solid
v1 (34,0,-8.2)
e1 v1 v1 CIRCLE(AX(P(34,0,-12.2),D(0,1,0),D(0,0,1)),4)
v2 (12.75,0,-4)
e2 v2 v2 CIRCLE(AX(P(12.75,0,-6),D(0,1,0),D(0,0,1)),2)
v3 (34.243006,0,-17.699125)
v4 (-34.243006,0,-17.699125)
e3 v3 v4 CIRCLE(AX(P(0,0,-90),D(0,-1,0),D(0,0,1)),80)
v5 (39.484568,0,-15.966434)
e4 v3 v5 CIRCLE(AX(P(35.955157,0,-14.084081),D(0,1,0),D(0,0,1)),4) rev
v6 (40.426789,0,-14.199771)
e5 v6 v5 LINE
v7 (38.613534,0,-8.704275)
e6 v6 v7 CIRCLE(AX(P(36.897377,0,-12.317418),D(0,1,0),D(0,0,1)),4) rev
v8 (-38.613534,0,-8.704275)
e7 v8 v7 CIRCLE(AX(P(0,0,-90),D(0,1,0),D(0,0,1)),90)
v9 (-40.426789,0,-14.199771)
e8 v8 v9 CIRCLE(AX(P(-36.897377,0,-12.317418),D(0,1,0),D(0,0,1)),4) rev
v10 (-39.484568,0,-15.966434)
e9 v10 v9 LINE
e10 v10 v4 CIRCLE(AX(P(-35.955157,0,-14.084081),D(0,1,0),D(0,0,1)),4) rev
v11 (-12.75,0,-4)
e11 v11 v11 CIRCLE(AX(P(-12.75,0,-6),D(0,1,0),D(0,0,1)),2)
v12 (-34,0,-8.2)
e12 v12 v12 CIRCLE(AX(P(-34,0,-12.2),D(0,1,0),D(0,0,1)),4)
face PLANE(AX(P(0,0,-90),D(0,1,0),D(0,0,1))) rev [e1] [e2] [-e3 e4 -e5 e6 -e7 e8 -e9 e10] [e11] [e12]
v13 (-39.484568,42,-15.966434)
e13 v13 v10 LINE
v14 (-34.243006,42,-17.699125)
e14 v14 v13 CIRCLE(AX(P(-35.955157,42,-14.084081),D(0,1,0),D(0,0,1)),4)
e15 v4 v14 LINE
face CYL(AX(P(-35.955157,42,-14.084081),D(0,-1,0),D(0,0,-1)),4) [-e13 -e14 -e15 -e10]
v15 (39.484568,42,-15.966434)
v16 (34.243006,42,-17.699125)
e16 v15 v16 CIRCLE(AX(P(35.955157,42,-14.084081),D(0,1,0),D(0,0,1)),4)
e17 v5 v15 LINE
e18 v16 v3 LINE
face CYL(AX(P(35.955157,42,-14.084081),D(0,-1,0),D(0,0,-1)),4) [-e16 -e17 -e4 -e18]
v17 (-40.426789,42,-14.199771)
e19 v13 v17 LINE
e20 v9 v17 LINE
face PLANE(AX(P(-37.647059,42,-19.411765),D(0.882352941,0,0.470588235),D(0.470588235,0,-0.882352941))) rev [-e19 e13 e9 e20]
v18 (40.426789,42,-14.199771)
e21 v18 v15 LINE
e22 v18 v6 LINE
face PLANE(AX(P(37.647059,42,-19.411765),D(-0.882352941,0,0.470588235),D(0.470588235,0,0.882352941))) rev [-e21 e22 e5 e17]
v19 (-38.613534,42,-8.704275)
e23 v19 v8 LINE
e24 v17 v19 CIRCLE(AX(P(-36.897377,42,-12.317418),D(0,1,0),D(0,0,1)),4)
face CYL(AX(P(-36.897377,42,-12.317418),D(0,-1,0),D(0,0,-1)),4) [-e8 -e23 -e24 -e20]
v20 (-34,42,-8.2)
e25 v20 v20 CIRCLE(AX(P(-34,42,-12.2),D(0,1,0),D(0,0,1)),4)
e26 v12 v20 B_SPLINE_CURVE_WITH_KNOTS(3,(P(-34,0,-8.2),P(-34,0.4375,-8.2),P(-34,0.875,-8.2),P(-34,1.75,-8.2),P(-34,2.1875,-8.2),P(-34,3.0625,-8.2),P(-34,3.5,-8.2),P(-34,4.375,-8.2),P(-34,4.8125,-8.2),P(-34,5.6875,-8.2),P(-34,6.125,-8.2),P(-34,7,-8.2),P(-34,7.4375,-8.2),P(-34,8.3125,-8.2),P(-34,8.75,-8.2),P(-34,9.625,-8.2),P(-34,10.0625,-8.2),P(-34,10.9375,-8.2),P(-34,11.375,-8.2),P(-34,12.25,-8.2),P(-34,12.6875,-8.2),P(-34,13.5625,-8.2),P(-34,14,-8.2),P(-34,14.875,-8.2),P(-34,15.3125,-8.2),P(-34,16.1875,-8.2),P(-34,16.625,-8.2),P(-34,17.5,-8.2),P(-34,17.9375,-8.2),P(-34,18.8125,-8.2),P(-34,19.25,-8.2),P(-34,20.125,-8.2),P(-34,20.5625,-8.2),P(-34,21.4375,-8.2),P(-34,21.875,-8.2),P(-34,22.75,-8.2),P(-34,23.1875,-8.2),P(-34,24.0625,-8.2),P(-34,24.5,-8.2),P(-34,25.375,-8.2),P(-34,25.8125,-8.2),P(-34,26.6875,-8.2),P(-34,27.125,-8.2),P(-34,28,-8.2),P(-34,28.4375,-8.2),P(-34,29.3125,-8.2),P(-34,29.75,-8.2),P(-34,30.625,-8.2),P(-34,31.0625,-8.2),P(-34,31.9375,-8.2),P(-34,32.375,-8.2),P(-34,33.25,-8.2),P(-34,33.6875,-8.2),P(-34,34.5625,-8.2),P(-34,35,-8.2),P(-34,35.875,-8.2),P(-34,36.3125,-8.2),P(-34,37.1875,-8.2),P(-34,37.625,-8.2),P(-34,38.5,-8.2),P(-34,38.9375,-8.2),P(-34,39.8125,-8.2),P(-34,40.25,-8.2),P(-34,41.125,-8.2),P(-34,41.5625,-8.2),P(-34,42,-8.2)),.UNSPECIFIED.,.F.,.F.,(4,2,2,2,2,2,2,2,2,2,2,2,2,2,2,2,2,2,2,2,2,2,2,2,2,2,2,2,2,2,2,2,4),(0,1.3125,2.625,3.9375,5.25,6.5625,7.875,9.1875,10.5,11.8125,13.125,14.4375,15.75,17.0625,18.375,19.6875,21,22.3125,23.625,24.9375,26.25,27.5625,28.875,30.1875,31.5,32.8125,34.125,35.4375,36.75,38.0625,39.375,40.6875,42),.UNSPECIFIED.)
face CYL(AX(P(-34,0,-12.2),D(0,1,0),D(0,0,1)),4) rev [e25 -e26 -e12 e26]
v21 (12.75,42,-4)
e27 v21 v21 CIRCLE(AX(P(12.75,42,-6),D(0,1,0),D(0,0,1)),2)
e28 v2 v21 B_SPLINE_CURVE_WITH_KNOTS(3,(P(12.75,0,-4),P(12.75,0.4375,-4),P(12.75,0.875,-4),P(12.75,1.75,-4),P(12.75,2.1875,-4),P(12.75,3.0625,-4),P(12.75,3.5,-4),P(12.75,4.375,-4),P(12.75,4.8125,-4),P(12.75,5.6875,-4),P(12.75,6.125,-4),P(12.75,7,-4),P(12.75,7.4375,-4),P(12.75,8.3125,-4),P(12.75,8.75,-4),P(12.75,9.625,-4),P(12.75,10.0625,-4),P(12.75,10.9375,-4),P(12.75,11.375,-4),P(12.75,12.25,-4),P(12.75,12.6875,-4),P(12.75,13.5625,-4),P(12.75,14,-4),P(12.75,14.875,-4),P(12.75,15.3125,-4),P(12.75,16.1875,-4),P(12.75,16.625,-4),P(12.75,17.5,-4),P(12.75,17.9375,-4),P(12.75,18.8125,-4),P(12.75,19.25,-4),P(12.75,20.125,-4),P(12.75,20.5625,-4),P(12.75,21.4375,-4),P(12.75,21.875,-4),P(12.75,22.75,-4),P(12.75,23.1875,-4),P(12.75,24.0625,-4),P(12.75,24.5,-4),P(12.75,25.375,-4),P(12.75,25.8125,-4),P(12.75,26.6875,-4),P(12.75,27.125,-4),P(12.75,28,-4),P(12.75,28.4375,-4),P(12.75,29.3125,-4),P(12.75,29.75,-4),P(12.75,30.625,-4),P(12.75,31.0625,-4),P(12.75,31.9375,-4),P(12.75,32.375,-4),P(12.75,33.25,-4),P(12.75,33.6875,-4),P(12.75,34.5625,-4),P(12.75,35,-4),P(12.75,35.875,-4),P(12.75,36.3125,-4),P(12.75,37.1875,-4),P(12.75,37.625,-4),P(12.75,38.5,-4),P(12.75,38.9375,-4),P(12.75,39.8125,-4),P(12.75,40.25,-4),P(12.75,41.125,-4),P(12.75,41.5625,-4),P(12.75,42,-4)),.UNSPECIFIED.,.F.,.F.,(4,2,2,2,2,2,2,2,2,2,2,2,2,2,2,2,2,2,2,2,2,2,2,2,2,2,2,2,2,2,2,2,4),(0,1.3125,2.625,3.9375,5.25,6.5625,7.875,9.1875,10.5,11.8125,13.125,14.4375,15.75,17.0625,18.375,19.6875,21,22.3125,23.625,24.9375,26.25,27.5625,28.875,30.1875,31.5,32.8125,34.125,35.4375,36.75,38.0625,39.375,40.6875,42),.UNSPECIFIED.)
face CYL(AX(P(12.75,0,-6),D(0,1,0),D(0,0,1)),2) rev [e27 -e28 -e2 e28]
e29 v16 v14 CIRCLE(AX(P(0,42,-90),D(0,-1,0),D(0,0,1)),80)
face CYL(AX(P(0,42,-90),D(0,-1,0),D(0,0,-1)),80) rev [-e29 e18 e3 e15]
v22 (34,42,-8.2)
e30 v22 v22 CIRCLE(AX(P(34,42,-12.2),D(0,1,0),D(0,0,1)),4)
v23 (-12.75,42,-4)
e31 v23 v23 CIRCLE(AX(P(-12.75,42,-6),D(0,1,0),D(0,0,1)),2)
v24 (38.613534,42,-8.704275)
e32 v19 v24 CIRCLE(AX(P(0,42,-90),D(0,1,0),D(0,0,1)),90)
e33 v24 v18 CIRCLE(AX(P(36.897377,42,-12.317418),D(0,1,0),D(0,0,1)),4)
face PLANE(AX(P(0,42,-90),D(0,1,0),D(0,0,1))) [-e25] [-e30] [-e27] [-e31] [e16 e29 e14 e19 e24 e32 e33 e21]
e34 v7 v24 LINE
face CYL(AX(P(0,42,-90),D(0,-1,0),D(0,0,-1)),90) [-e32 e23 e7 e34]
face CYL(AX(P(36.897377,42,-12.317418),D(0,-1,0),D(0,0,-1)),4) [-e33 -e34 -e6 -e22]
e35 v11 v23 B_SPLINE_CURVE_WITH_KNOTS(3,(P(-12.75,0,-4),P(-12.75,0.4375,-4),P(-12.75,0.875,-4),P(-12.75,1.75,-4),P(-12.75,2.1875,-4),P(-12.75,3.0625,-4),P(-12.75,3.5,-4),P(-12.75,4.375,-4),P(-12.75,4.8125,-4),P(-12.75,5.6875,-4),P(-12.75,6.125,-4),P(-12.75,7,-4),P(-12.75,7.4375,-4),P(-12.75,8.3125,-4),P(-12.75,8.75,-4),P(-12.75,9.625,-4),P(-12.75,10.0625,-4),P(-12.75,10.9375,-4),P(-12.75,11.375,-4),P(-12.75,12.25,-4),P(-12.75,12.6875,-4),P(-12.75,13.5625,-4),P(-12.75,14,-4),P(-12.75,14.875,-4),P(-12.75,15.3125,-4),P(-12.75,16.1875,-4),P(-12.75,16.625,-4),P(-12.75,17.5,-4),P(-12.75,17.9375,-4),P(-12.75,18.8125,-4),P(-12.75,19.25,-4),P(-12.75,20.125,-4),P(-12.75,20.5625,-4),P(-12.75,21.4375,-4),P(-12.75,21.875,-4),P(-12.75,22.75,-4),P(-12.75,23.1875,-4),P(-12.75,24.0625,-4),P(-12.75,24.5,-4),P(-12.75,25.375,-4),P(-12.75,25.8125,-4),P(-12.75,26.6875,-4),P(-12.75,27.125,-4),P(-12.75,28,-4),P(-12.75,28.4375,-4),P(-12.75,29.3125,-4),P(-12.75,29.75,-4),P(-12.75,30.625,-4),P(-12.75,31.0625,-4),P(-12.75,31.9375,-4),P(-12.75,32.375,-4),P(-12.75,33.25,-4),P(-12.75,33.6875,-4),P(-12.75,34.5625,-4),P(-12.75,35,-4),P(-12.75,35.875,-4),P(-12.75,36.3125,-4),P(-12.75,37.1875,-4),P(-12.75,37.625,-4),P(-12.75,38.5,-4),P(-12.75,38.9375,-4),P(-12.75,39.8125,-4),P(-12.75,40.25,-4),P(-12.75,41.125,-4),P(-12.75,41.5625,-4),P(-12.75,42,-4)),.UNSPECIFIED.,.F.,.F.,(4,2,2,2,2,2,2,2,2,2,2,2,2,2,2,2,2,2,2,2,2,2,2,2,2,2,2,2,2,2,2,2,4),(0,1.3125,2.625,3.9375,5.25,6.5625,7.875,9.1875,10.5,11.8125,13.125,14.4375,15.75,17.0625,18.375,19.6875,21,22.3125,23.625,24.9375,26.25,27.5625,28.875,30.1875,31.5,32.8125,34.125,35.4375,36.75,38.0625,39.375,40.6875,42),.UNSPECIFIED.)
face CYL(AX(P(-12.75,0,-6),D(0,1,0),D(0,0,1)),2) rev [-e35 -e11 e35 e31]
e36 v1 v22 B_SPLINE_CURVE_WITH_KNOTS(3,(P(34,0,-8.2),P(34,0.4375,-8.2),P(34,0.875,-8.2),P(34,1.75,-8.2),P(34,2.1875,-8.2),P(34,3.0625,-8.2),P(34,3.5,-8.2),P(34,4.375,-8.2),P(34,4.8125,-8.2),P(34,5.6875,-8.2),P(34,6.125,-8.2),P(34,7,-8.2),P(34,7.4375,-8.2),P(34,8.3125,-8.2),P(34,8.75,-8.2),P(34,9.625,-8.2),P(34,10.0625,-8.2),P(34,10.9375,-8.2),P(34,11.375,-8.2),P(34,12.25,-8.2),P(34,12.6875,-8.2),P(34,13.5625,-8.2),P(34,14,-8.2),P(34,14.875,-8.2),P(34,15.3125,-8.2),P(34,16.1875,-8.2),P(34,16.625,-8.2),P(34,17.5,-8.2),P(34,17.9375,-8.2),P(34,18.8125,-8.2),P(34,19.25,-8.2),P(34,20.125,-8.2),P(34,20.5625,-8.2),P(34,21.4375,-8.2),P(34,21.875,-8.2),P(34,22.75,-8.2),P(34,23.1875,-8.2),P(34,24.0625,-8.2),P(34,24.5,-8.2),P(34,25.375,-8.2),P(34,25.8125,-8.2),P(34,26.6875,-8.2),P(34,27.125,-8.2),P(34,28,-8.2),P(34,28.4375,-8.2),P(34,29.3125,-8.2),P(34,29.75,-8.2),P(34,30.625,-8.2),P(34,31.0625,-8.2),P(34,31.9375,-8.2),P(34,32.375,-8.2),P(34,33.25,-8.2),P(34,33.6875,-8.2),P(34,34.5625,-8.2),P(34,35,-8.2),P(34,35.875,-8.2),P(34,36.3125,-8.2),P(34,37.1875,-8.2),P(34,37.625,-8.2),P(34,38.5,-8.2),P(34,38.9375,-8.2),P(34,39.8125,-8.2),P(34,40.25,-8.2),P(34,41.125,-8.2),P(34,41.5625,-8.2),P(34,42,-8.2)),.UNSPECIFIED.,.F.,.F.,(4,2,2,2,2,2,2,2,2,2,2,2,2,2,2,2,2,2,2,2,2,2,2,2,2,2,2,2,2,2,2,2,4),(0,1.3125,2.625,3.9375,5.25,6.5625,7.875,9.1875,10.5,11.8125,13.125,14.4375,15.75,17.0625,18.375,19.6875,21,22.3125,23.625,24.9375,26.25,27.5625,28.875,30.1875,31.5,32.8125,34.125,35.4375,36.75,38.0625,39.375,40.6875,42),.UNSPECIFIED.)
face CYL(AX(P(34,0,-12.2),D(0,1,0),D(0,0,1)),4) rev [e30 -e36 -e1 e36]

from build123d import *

# Parameters (mm, degrees)
BOSS_EXTRUDE1_DEPTH = 42
FILLET1_R           = 4
SKETCH2_R           = 4
CUT_EXTRUDE1_DEPTH  = 42
SKETCH3_R           = 2
CUT_EXTRUDE2_DEPTH  = 42


with BuildPart() as part:
    # Sketch1 → Boss-Extrude1 (new body)
    with BuildSketch(Plane(origin=(0, 0, 0), x_dir=(1, 0, 0), z_dir=(0, 1, 0))):
        with BuildLine():
            Line((-37.647058824, 19.411764706), (-42.352941176, 10.588235294))
            ThreePointArc((-42.352941176, 10.588235294), (0, 0), (42.352941176, 10.588235294))
            Line((42.352941176, 10.588235294), (37.647058824, 19.411764706))
            ThreePointArc((37.647058824, 19.411764706), (0, 10), (-37.647058824, 19.411764706))
        make_face()
    extrude(amount=BOSS_EXTRUDE1_DEPTH)

    # Fillet1
    fillet1_edges = [part.edges().sort_by_distance(p)[0] for p in [
        (37.647058824, 21, -19.411764706),
        (42.352941176, 21, -10.588235294),
        (-42.352941176, 21, -10.588235294),
        (-37.647058824, 21, -19.411764706),
    ]]
    fillet(fillet1_edges, radius=FILLET1_R)

    # Sketch2 → Cut-Extrude1 (cut)
    with BuildSketch(Plane(origin=(0, 42, 0), x_dir=(1, 0, 0), z_dir=(0, 1, 0))):
        with Locations(Location((-34, 12.2, 0), (0, 0, 270))):
            Circle(SKETCH2_R)
        with Locations(Location((34, 12.2, 0), (0, 0, 270))):
            Circle(SKETCH2_R)
    extrude(amount=-CUT_EXTRUDE1_DEPTH, mode=Mode.SUBTRACT)

    # Sketch3 → Cut-Extrude2 (cut)
    with BuildSketch(Plane(origin=(0, 42, 0), x_dir=(1, 0, 0), z_dir=(0, 1, 0))):
        with Locations(Location((-12.75, 6, 0), (0, 0, 270))):
            Circle(SKETCH3_R)
        with Locations(Location((12.75, 6, 0), (0, 0, 270))):
            Circle(SKETCH3_R)
    extrude(amount=-CUT_EXTRUDE2_DEPTH, mode=Mode.SUBTRACT)


solid = part.part
